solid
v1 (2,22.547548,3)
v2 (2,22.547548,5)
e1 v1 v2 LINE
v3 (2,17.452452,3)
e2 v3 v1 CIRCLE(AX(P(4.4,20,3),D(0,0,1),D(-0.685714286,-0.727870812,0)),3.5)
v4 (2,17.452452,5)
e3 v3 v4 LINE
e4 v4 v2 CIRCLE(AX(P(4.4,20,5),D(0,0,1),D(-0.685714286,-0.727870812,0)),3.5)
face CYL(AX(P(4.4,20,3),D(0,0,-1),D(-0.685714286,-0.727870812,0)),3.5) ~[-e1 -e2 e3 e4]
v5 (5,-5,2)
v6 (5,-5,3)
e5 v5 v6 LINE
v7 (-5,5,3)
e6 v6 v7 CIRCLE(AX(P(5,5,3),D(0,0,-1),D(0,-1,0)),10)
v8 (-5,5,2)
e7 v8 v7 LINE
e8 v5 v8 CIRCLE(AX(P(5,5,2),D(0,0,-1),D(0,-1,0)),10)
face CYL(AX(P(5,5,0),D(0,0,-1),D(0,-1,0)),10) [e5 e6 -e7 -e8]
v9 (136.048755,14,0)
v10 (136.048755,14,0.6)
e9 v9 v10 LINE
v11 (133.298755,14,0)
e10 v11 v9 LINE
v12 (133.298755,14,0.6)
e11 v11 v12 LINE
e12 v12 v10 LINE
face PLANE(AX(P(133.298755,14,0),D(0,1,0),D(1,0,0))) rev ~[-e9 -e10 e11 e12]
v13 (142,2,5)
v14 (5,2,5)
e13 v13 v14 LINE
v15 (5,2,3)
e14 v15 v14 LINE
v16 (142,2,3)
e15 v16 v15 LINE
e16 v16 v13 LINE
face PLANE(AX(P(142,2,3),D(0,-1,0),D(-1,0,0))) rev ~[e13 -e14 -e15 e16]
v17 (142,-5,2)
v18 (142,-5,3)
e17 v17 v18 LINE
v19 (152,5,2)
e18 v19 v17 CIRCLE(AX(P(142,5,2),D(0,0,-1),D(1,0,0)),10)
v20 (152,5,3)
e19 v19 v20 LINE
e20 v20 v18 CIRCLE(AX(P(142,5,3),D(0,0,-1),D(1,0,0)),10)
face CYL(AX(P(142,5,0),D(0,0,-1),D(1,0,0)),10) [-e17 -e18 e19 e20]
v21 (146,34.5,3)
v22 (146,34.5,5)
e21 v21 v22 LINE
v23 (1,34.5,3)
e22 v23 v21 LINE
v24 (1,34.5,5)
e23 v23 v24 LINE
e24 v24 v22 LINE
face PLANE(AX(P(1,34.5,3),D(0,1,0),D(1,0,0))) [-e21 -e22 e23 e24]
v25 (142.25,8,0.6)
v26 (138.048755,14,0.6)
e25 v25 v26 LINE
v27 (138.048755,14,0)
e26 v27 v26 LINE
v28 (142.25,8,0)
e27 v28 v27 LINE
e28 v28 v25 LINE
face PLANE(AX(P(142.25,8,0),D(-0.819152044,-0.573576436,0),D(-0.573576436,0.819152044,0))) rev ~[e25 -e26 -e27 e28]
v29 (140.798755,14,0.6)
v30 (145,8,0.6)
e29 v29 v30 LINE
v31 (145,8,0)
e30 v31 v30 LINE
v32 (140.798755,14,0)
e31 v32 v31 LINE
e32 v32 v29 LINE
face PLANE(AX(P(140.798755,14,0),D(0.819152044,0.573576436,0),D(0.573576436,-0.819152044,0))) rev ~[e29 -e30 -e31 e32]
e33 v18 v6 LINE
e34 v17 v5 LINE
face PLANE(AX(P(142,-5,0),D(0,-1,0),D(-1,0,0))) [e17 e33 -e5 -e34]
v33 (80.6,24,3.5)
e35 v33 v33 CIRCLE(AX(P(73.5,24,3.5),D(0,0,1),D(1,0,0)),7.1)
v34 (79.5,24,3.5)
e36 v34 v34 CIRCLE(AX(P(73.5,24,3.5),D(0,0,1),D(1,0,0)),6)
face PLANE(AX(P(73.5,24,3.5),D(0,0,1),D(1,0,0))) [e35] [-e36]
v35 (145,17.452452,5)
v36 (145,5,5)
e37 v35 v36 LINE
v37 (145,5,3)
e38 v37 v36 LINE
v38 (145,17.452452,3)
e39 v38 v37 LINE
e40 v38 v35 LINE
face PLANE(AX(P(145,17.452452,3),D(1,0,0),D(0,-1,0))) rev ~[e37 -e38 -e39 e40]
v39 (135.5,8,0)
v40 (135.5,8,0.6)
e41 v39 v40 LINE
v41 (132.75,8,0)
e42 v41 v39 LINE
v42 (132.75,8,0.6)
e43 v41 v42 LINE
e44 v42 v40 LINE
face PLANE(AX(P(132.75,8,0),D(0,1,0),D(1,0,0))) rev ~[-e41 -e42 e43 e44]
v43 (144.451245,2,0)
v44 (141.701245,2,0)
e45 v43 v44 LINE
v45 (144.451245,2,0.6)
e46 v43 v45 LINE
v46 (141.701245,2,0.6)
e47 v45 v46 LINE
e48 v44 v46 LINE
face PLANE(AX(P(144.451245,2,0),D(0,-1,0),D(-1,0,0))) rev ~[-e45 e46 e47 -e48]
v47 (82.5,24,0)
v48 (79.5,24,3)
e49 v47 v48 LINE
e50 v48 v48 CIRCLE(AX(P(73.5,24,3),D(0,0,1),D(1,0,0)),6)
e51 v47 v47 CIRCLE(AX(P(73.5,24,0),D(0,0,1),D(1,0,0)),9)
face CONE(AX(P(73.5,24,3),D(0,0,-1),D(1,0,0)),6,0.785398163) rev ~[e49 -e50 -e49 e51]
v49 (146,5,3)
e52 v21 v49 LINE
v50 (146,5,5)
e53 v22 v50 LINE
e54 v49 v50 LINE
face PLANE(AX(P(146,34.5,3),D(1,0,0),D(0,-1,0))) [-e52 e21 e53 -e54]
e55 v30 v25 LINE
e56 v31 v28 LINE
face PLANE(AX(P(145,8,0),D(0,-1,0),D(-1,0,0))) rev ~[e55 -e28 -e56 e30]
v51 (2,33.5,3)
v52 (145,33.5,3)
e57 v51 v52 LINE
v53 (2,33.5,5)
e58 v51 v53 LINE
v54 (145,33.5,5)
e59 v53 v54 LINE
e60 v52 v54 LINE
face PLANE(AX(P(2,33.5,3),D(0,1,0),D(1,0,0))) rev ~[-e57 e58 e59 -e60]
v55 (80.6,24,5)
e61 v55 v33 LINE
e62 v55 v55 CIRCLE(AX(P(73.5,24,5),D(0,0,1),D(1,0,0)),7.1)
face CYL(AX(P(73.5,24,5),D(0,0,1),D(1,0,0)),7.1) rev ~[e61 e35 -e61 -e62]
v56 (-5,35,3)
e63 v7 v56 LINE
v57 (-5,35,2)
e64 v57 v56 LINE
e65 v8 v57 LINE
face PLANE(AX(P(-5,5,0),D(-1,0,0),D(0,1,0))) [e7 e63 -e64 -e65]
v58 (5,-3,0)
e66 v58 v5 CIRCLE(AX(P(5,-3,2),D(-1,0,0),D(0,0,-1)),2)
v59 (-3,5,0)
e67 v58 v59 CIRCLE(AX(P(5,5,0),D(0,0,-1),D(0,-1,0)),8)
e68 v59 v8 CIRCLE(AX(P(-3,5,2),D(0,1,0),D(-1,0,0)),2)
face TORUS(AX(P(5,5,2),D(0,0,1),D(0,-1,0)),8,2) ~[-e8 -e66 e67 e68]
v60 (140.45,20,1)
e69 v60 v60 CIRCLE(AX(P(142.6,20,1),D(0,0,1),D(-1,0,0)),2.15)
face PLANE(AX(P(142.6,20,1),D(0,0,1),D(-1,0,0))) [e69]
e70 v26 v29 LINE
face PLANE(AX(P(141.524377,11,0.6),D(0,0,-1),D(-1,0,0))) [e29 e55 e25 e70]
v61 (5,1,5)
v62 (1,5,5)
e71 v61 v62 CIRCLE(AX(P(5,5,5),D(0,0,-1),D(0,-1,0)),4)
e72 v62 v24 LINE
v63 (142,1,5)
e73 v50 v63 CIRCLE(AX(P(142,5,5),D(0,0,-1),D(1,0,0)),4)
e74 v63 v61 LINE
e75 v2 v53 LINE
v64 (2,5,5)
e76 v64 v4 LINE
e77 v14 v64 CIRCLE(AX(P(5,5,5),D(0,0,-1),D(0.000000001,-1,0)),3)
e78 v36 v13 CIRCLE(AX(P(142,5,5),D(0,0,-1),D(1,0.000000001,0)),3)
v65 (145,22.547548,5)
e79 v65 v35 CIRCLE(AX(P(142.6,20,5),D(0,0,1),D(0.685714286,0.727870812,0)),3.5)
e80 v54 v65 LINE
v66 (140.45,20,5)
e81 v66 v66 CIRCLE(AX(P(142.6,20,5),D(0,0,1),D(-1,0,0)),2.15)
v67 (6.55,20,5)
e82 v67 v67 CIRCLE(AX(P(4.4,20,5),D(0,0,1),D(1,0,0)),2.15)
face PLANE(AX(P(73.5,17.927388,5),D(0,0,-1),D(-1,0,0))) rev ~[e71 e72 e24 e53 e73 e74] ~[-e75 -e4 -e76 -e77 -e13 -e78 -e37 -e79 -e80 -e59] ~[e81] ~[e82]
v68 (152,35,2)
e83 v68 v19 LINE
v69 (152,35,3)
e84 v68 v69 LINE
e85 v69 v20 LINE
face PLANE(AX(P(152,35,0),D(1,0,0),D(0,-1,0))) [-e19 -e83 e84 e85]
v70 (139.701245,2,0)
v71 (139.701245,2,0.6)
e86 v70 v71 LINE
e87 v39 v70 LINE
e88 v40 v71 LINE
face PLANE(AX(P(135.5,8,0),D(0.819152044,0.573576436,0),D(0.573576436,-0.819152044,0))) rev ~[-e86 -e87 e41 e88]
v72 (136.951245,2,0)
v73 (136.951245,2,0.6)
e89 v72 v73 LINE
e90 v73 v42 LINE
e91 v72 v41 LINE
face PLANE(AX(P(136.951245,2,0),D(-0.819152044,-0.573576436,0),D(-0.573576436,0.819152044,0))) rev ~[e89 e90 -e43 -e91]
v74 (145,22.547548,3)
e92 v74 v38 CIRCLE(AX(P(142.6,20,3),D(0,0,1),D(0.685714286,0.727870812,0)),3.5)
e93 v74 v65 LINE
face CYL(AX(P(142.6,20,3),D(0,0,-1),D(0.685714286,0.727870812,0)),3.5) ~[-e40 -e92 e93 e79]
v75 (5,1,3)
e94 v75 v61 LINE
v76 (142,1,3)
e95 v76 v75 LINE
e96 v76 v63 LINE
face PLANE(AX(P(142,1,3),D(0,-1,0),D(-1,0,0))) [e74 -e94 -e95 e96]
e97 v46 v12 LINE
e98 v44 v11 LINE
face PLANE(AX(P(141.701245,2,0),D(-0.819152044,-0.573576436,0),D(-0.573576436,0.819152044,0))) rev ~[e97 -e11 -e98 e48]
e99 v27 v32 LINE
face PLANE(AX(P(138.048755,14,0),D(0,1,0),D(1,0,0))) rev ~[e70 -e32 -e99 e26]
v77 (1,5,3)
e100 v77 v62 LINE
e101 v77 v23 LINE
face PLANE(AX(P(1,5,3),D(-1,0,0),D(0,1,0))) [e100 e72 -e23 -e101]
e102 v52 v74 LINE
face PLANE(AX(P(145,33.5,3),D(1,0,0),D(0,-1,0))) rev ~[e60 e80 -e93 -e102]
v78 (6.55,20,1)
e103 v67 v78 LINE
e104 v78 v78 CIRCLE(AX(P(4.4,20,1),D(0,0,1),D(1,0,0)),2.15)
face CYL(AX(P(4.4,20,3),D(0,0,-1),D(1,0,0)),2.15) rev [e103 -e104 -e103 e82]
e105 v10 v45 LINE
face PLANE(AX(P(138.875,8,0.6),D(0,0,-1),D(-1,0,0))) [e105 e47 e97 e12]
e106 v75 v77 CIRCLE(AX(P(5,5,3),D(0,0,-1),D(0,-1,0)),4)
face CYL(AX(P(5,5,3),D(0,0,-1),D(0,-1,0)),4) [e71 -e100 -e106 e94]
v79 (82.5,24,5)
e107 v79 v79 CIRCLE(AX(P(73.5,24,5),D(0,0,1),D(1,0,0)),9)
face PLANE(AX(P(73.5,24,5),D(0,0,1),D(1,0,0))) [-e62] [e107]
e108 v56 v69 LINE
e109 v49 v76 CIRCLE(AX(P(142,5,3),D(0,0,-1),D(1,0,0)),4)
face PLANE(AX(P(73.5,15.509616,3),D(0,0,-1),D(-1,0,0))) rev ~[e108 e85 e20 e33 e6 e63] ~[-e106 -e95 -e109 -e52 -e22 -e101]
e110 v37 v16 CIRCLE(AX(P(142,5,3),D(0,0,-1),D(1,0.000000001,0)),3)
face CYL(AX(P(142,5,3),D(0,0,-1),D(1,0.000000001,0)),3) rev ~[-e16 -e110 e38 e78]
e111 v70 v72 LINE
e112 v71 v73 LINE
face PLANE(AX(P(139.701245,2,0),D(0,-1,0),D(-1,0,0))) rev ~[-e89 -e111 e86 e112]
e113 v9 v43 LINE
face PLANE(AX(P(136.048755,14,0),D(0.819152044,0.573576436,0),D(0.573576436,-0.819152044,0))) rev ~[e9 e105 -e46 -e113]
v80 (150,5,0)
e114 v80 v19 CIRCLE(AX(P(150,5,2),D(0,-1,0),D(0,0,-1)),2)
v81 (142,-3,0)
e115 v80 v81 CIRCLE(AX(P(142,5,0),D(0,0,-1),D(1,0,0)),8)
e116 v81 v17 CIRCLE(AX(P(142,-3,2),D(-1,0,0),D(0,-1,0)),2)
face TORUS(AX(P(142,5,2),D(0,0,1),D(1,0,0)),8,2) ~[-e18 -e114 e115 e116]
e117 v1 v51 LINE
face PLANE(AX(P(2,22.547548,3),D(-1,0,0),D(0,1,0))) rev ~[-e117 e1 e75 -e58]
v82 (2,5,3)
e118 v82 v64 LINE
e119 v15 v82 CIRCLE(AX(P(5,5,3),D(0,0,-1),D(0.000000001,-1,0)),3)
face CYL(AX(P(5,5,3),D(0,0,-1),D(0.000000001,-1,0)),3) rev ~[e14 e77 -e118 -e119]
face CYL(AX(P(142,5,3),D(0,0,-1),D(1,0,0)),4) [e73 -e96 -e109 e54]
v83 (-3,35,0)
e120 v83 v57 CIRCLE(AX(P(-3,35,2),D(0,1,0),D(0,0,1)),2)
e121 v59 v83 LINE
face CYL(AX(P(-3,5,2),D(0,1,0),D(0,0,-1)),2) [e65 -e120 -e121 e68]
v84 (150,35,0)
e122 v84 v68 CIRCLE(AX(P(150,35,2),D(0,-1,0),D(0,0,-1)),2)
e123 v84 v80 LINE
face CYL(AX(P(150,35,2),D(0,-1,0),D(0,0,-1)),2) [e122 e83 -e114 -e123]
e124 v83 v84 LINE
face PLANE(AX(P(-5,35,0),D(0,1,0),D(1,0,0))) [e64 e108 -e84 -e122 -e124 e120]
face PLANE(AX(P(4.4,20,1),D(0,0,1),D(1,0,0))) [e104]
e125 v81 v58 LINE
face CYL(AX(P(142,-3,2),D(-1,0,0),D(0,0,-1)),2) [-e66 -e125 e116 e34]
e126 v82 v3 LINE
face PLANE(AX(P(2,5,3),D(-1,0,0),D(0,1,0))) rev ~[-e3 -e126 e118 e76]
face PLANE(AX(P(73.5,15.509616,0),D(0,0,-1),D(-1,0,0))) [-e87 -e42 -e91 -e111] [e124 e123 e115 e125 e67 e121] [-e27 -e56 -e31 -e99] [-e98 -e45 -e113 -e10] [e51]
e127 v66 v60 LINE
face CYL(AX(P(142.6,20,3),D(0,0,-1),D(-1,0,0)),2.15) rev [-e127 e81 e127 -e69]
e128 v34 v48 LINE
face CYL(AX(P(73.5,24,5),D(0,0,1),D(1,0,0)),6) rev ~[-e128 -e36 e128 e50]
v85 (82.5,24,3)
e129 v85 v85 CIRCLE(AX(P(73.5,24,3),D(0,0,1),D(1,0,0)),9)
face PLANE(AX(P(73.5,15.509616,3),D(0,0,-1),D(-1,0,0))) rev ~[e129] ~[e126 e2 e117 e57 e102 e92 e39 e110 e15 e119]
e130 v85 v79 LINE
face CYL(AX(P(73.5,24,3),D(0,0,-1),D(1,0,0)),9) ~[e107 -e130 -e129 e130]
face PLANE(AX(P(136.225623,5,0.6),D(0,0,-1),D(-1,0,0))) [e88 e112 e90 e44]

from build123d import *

# Parameters (mm, degrees)
BOSS_BASE_DEPTH    = 3
SKETCH3_R          = 2.15
BOSS_FIT_DEPTH     = 2
CUT_SCREWS_START   = -2
SKETCH4_R          = 2.15
CUT_SCREWS_DEPTH   = 2
FILLET1_R          = 2
CUT_VORON_DEPTH    = 0.6
SKETCH8_R          = 9
BOSS_BEARING_DEPTH = 2
SKETCH12_R         = 7.1
CUT_BEARING1_DEPTH = 1.5
SKETCH11_R         = 6
CUT_BEARING2_DEPTH = 157.057681644
CHAMFER2_SIZE      = 3


with BuildPart() as part:
    # Sketch2 → Boss-Base (new body)
    with BuildSketch(Plane.XY):
        with BuildLine():
            Line((-5, 35), (152, 35))
            Line((152, 35), (152, 5))
            ThreePointArc((152, 5), (149.071067812, -2.071067812), (142, -5))
            Line((142, -5), (5, -5))
            ThreePointArc((5, -5), (-2.071067812, -2.071067812), (-5, 5))
            Line((-5, 5), (-5, 35))
        make_face()
    extrude(amount=BOSS_BASE_DEPTH)

    # Sketch3 → Boss-Fit (add)
    with BuildSketch(Plane.XY.offset(3)):
        with BuildLine():
            Line((1, 5), (1, 34.5))
            Line((1, 34.5), (146, 34.5))
            Line((146, 34.5), (146, 5))
            ThreePointArc((146, 5), (144.828427125, 2.171572875), (142, 1))
            Line((142, 1), (5, 1))
            ThreePointArc((5, 1), (2.171572875, 2.171572875), (1, 5))
        make_face()
        with Locations((4.4, 20)):
            Circle(SKETCH3_R, mode=Mode.SUBTRACT)
        with Locations(Location((142.6, 20, 0), (0, 0, 180))):
            Circle(SKETCH3_R, mode=Mode.SUBTRACT)
        with BuildLine():
            Line((2, 33.5), (145, 33.5))
            Line((145, 33.5), (145, 22.547547841))
            ThreePointArc((145, 22.547547841), (139.1, 20), (145, 17.452452159))
            Line((145, 17.452452159), (145, 5))
            ThreePointArc((145, 5), (144.121320344, 2.878679656), (142, 2))
            Line((142, 2), (5, 2))
            ThreePointArc((5, 2), (2.878679656, 2.878679656), (2, 5))
            Line((2, 5), (2, 17.452452159))
            ThreePointArc((2, 17.452452159), (7.9, 20), (2, 22.547547841))
            Line((2, 22.547547841), (2, 33.5))
        make_face(mode=Mode.SUBTRACT)
    extrude(amount=BOSS_FIT_DEPTH)

    # Sketch4 → Cut-Screws (cut)
    with BuildSketch(Plane.XY.offset(3).offset(CUT_SCREWS_START)):
        with Locations((4.4, 20)):
            Circle(SKETCH4_R)
        with Locations(Location((142.6, 20, 0), (0, 0, 180))):
            Circle(SKETCH4_R)
    extrude(amount=CUT_SCREWS_DEPTH, mode=Mode.SUBTRACT)

    # Fillet1
    fillet1_edges = [part.edges().sort_by_distance(p)[0] for p in [
        (152, 20, 0),
        (149.071067812, -2.071067812, 0),
        (73.5, -5, 0),
        (-2.071067812, -2.071067812, 0),
        (-5, 20, 0),
    ]]
    fillet(fillet1_edges, radius=FILLET1_R)

    # Sketch10 → Cut-Voron (cut)
    with BuildSketch(Plane(origin=(0, 0, 0), x_dir=(-1, 0, 0), z_dir=(0, 0, -1))):
        Polygon((-140.798754771, 14), (-145, 8), (-142.25, 8), (-138.048754771, 14), align=None)
        Polygon((-136.048754771, 14), (-144.451245229, 2), (-141.701245229, 2), (-133.298754771, 14), align=None)
        Polygon((-135.5, 8), (-139.701245229, 2), (-136.951245229, 2), (-132.75, 8), align=None)
    extrude(amount=-CUT_VORON_DEPTH, mode=Mode.SUBTRACT)

    # Sketch8 → Boss-Bearing (add)
    with BuildSketch(Plane.XY.offset(3)):
        with Locations((73.5, 24)):
            Circle(SKETCH8_R)
    extrude(amount=BOSS_BEARING_DEPTH)

    # Sketch12 → Cut-Bearing1 (cut)
    with BuildSketch(Plane.XY.offset(5)):
        with Locations((73.5, 24)):
            Circle(SKETCH12_R)
    extrude(amount=-CUT_BEARING1_DEPTH, mode=Mode.SUBTRACT)

    # Sketch11 → Cut-Bearing2 (cut, through all)
    with BuildSketch(Plane.XY.offset(5)):
        with Locations((73.5, 24)):
            Circle(SKETCH11_R)
    extrude(amount=-CUT_BEARING2_DEPTH, mode=Mode.SUBTRACT)

    # Chamfer2
    chamfer2_edges = [part.edges().sort_by_distance(p)[0] for p in [
        (67.5, 24, 0),
    ]]
    chamfer(chamfer2_edges, length=CHAMFER2_SIZE)


solid = part.part
